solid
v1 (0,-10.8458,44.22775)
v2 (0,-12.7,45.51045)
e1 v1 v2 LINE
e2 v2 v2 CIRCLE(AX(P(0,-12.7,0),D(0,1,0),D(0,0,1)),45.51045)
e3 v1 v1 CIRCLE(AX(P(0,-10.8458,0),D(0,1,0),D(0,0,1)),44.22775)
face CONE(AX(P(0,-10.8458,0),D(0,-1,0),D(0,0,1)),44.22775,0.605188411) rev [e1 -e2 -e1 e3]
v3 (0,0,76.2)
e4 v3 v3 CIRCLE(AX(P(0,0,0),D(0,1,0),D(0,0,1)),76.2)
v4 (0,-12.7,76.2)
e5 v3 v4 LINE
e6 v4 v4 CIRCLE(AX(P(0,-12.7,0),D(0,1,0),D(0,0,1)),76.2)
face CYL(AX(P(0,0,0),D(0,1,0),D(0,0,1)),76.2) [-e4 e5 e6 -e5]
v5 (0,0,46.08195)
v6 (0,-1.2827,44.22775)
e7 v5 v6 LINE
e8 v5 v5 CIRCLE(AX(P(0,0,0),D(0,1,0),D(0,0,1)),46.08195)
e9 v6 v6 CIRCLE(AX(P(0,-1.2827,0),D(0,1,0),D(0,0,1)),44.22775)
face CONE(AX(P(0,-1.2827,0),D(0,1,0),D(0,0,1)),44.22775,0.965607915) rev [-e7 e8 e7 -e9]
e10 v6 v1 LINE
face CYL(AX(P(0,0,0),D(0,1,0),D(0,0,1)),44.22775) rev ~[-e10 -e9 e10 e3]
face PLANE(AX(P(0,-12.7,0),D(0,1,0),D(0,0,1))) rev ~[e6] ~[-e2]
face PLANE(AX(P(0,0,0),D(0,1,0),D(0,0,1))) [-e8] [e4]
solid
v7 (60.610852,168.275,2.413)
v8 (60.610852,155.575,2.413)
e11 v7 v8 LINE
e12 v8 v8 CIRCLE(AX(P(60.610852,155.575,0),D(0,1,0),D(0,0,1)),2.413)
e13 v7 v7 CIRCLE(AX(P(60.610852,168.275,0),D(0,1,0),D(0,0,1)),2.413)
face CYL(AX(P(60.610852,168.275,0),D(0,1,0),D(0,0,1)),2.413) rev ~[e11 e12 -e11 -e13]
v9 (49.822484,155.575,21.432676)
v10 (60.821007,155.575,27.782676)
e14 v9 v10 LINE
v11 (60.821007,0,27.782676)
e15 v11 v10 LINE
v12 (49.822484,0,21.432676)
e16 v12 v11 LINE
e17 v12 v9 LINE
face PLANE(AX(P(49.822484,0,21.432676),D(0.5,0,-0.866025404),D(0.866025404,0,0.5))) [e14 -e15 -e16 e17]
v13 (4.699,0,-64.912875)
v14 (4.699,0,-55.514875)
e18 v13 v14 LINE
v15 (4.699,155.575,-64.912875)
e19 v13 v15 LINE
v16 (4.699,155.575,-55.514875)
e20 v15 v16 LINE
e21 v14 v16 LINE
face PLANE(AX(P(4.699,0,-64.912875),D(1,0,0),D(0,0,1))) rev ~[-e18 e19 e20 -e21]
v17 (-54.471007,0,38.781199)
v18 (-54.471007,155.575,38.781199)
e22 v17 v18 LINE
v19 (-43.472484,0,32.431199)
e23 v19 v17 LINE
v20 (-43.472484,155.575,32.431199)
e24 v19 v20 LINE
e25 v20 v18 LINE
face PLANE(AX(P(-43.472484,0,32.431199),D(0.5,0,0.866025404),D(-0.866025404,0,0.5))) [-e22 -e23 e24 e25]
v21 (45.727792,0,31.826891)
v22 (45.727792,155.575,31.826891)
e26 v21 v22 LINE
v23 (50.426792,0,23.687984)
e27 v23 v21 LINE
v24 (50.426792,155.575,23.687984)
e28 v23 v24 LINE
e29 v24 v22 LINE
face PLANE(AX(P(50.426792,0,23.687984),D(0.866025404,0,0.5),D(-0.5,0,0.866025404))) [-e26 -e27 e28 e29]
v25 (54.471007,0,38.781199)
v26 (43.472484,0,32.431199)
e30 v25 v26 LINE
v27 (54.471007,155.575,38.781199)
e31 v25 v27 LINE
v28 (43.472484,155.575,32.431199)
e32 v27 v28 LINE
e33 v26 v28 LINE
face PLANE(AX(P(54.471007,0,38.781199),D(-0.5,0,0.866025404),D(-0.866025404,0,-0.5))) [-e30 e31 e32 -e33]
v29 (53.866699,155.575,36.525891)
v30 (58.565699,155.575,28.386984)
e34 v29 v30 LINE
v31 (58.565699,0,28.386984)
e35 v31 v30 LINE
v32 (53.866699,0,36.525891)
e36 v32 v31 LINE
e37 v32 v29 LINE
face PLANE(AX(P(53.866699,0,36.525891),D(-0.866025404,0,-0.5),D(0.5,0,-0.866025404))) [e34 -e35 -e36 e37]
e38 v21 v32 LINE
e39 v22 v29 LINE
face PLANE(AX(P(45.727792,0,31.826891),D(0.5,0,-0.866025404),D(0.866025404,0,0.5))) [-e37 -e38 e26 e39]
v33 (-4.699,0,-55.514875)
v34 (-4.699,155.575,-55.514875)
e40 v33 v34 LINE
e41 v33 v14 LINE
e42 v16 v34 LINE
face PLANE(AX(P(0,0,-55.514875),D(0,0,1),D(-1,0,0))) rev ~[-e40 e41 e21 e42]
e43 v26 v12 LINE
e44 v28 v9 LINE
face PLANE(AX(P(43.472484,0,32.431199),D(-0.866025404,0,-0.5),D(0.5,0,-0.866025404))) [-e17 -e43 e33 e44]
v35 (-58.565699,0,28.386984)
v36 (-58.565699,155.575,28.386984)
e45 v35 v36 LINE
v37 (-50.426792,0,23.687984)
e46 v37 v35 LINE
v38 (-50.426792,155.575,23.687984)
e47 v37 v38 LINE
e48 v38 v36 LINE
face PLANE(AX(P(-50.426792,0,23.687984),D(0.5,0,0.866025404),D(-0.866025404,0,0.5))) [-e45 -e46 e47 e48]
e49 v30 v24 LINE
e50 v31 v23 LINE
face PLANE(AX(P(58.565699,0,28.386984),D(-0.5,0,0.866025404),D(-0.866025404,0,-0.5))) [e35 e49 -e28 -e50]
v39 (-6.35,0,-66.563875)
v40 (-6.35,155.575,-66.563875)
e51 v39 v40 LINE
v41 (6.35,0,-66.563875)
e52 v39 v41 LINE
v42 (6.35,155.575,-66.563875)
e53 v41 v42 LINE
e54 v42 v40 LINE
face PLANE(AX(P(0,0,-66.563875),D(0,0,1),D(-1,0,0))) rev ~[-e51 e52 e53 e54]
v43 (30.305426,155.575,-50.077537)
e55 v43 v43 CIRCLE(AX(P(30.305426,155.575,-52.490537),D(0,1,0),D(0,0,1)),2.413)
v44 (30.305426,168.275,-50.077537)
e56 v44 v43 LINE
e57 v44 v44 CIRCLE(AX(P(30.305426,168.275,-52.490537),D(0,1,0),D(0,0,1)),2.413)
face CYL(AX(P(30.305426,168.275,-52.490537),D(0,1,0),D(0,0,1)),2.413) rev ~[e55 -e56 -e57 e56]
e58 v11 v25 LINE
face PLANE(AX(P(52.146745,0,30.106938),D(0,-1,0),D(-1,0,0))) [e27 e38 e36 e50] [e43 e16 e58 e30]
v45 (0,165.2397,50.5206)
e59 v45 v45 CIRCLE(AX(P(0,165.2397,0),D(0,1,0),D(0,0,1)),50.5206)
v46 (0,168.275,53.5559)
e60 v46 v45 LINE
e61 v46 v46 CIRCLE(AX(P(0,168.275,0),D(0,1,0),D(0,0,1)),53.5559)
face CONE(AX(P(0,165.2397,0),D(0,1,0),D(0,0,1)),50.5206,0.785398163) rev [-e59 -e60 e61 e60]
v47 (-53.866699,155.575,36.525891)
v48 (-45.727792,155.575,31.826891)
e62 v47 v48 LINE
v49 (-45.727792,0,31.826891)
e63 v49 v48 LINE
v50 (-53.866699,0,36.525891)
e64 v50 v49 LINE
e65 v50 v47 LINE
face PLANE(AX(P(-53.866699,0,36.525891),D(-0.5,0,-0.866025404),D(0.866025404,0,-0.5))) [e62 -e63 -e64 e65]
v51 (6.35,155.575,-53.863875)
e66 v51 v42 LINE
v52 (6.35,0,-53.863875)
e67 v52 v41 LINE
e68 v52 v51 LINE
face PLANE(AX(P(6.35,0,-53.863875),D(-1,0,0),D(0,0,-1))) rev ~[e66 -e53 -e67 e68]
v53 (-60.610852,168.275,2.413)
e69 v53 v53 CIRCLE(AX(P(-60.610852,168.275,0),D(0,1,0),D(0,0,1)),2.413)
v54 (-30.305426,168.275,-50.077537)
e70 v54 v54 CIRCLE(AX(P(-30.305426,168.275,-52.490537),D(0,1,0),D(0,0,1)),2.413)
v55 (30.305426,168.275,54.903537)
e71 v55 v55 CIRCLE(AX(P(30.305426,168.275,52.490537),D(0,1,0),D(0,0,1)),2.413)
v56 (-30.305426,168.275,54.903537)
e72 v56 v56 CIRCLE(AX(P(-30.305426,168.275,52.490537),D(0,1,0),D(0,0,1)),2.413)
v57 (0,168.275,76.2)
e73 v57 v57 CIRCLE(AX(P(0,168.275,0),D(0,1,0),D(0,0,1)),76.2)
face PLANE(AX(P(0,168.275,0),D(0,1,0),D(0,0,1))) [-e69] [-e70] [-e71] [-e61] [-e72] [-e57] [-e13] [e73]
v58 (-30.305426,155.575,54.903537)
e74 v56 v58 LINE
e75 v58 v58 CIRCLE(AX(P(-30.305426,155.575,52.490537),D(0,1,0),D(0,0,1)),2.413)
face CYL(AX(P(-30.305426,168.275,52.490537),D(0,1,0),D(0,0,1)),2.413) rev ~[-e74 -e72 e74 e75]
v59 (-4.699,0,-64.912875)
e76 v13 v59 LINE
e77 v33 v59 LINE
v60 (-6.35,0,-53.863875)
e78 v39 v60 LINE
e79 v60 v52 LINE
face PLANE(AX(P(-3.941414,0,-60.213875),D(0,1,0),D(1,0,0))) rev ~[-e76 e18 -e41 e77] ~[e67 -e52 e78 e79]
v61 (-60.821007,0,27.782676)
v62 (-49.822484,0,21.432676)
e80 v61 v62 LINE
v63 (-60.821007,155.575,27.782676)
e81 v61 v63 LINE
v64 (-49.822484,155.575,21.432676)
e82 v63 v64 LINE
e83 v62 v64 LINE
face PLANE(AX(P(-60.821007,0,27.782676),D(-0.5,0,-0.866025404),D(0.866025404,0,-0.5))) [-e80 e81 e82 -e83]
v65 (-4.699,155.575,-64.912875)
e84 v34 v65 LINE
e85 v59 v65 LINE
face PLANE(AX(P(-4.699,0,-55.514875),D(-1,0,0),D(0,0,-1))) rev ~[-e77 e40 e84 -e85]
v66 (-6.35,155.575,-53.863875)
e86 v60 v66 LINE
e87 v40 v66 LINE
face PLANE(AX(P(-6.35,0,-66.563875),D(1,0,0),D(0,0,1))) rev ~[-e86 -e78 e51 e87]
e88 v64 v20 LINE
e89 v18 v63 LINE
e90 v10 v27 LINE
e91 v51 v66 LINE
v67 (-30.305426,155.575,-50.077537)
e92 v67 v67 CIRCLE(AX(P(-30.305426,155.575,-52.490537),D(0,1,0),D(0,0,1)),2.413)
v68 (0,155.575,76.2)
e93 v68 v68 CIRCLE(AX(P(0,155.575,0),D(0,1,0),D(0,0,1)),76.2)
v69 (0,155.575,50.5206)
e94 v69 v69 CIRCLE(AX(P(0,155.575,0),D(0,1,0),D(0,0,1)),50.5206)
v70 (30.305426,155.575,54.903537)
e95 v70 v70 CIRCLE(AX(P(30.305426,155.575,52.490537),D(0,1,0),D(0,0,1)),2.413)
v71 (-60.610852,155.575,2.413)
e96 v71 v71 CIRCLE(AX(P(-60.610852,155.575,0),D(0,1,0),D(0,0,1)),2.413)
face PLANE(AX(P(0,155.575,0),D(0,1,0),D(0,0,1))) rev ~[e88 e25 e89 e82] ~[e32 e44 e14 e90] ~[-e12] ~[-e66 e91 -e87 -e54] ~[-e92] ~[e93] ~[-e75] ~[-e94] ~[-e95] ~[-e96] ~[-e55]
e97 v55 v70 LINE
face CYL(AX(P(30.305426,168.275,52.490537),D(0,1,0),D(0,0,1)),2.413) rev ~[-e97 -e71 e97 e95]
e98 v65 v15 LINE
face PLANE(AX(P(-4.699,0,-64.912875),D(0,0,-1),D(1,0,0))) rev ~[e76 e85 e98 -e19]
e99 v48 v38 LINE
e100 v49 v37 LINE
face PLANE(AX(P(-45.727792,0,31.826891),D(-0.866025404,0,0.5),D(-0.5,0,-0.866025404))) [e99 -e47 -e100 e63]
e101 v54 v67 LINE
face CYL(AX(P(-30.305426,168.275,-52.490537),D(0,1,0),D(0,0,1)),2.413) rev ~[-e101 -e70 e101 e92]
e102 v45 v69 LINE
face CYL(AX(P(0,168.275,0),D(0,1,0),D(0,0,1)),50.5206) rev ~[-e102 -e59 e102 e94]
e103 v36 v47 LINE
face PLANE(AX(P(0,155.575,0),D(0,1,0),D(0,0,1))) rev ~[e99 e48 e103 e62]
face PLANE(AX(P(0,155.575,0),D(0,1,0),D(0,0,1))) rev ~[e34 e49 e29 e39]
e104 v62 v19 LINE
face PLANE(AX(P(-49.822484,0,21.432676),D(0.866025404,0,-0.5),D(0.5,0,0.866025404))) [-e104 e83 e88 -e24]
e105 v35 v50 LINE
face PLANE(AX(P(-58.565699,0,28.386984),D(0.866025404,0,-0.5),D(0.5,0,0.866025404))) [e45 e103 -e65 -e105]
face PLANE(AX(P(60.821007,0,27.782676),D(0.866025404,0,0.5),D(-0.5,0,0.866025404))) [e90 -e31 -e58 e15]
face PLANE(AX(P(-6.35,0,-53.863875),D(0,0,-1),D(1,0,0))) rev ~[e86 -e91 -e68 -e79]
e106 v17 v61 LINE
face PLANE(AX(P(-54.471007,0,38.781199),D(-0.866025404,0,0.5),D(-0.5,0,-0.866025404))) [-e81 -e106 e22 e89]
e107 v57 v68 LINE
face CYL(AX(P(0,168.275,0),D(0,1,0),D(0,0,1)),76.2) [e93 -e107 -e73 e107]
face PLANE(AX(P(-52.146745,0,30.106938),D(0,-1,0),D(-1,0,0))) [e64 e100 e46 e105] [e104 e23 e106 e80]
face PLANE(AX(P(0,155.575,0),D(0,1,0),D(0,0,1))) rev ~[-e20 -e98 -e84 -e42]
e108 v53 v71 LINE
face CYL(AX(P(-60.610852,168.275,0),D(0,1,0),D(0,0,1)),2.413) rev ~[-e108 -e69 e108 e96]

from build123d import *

# Parameters (mm, degrees)
SKETCH1_R             = 76.2
SKETCH1_R_2           = 44.22775
BOSS_EXTRUDE1_DEPTH   = 12.7
SKETCH1_5_W           = 12.7
SKETCH1_5_H           = 12.7
SKETCH1_5_W_2         = 9.398
SKETCH1_5_H_2         = 9.398
BOSS_EXTRUDE2_DEPTH   = 155.575
BOSS_EXTRUDE2_2_DEPTH = 155.575
BOSS_EXTRUDE2_3_DEPTH = 155.575
BOSS_EXTRUDE3_START   = 12.7
SKETCH2_R             = 76.2
SKETCH2_R_2           = 2.413
SKETCH2_R_3           = 50.5206
BOSS_EXTRUDE3_DEPTH   = 12.7
CHAMFER1_SIZE         = 3.0353
CHAMFER2_SIZE         = 1.8542
CHAMFER2_SIZE2        = 1.2827
CHAMFER3_SIZE         = 1.8542
CHAMFER3_SIZE2        = 1.2827


with BuildPart() as part:
    # Sketch1 → Boss-Extrude1 (new body)
    with BuildSketch(Plane(origin=(0, 0, 0), x_dir=(1, 0, 0), z_dir=(0, 1, 0))):
        Circle(SKETCH1_R)
        Circle(SKETCH1_R_2, mode=Mode.SUBTRACT)
    extrude(amount=-BOSS_EXTRUDE1_DEPTH)

    # Chamfer2
    chamfer2_edges = [part.edges().sort_by_distance(p)[0] for p in [
        (-44.22775, 0, 0),
    ]]
    chamfer2_side = [part.faces().sort_by_distance(p)[0] for p in [
        (-74.044738531, 0, 0),
    ]]
    chamfer(chamfer2_edges, length=CHAMFER2_SIZE, length2=CHAMFER2_SIZE2, reference=chamfer2_side[0])

    # Chamfer3
    chamfer3_edges = [part.edges().sort_by_distance(p)[0] for p in [
        (-44.22775, -12.7, 0),
    ]]
    chamfer3_side = [part.faces().sort_by_distance(p)[0] for p in [
        (-44.22775, -6.99135, 0),
    ]]
    chamfer(chamfer3_edges, length=CHAMFER3_SIZE, length2=CHAMFER3_SIZE2, reference=chamfer3_side[0])


with BuildPart() as body_2:
    # Sketch1<5> → Boss-Extrude2 (new body)
    with BuildSketch(Plane(origin=(0, 0, 0), x_dir=(1, 0, 0), z_dir=(0, 1, 0))):
        with Locations((0, 60.213875)):
            Rectangle(SKETCH1_5_W, SKETCH1_5_H)
        with Locations((0, 60.213875)):
            Rectangle(SKETCH1_5_W_2, SKETCH1_5_H_2, mode=Mode.SUBTRACT)
    extrude(amount=BOSS_EXTRUDE2_DEPTH)



with BuildPart() as body_3:
    # Sketch1<5> → Boss-Extrude2 2 (new body)
    with BuildSketch(Plane(origin=(0, 0, 0), x_dir=(1, 0, 0), z_dir=(0, 1, 0))):
        Polygon((60.821006724, -27.782676186), (49.822484096, -21.432676186), (43.472484096, -32.431198814), (54.471006724, -38.781198814), align=None)
        Polygon((45.727792038, -31.826890872), (50.426792038, -23.687984128), (58.565698783, -28.386984128), (53.866698783, -36.525890872), align=None, mode=Mode.SUBTRACT)
    extrude(amount=BOSS_EXTRUDE2_2_DEPTH)


with BuildPart() as body_4:
    # Sketch1<5> → Boss-Extrude2 3 (new body)
    with BuildSketch(Plane(origin=(0, 0, 0), x_dir=(1, 0, 0), z_dir=(0, 1, 0))):
        Polygon((-54.471006724, -38.781198814), (-43.472484096, -32.431198814), (-49.822484096, -21.432676186), (-60.821006724, -27.782676186), align=None)
        Polygon((-50.426792038, -23.687984128), (-45.727792038, -31.826890872), (-53.866698783, -36.525890872), (-58.565698783, -28.386984128), align=None, mode=Mode.SUBTRACT)
    extrude(amount=BOSS_EXTRUDE2_3_DEPTH)


with BuildPart() as body_2_1:
    add(body_2.part)

    add(body_3.part)  # Boss-Extrude3 merges body 3

    add(body_4.part)  # Boss-Extrude3 merges body 4
    # Sketch2 → Boss-Extrude3 (add)
    with BuildSketch(Plane(origin=(0, 155.575, 0), x_dir=(1, 0, 0), z_dir=(0, 1, 0)).offset(BOSS_EXTRUDE3_START)):
        Circle(SKETCH2_R)
        with Locations((30.3054258, -52.490537231)):
            Circle(SKETCH2_R_2, mode=Mode.SUBTRACT)
        with Locations((-30.3054258, 52.490537231)):
            Circle(SKETCH2_R_2, mode=Mode.SUBTRACT)
        with Locations((-60.6108516, 0)):
            Circle(SKETCH2_R_2, mode=Mode.SUBTRACT)
        with Locations((-30.3054258, -52.490537231)):
            Circle(SKETCH2_R_2, mode=Mode.SUBTRACT)
        with Locations((60.6108516, 0)):
            Circle(SKETCH2_R_2, mode=Mode.SUBTRACT)
        with Locations((30.3054258, 52.490537231)):
            Circle(SKETCH2_R_2, mode=Mode.SUBTRACT)
        Circle(SKETCH2_R_3, mode=Mode.SUBTRACT)
    extrude(amount=-BOSS_EXTRUDE3_DEPTH)

    # Chamfer1
    chamfer1_edges = [body_2_1.edges().sort_by_distance(p)[0] for p in [
        (-50.5206, 168.275, 0),
    ]]
    chamfer(chamfer1_edges, length=CHAMFER1_SIZE)


solid = Compound([part.part, body_2_1.part])
